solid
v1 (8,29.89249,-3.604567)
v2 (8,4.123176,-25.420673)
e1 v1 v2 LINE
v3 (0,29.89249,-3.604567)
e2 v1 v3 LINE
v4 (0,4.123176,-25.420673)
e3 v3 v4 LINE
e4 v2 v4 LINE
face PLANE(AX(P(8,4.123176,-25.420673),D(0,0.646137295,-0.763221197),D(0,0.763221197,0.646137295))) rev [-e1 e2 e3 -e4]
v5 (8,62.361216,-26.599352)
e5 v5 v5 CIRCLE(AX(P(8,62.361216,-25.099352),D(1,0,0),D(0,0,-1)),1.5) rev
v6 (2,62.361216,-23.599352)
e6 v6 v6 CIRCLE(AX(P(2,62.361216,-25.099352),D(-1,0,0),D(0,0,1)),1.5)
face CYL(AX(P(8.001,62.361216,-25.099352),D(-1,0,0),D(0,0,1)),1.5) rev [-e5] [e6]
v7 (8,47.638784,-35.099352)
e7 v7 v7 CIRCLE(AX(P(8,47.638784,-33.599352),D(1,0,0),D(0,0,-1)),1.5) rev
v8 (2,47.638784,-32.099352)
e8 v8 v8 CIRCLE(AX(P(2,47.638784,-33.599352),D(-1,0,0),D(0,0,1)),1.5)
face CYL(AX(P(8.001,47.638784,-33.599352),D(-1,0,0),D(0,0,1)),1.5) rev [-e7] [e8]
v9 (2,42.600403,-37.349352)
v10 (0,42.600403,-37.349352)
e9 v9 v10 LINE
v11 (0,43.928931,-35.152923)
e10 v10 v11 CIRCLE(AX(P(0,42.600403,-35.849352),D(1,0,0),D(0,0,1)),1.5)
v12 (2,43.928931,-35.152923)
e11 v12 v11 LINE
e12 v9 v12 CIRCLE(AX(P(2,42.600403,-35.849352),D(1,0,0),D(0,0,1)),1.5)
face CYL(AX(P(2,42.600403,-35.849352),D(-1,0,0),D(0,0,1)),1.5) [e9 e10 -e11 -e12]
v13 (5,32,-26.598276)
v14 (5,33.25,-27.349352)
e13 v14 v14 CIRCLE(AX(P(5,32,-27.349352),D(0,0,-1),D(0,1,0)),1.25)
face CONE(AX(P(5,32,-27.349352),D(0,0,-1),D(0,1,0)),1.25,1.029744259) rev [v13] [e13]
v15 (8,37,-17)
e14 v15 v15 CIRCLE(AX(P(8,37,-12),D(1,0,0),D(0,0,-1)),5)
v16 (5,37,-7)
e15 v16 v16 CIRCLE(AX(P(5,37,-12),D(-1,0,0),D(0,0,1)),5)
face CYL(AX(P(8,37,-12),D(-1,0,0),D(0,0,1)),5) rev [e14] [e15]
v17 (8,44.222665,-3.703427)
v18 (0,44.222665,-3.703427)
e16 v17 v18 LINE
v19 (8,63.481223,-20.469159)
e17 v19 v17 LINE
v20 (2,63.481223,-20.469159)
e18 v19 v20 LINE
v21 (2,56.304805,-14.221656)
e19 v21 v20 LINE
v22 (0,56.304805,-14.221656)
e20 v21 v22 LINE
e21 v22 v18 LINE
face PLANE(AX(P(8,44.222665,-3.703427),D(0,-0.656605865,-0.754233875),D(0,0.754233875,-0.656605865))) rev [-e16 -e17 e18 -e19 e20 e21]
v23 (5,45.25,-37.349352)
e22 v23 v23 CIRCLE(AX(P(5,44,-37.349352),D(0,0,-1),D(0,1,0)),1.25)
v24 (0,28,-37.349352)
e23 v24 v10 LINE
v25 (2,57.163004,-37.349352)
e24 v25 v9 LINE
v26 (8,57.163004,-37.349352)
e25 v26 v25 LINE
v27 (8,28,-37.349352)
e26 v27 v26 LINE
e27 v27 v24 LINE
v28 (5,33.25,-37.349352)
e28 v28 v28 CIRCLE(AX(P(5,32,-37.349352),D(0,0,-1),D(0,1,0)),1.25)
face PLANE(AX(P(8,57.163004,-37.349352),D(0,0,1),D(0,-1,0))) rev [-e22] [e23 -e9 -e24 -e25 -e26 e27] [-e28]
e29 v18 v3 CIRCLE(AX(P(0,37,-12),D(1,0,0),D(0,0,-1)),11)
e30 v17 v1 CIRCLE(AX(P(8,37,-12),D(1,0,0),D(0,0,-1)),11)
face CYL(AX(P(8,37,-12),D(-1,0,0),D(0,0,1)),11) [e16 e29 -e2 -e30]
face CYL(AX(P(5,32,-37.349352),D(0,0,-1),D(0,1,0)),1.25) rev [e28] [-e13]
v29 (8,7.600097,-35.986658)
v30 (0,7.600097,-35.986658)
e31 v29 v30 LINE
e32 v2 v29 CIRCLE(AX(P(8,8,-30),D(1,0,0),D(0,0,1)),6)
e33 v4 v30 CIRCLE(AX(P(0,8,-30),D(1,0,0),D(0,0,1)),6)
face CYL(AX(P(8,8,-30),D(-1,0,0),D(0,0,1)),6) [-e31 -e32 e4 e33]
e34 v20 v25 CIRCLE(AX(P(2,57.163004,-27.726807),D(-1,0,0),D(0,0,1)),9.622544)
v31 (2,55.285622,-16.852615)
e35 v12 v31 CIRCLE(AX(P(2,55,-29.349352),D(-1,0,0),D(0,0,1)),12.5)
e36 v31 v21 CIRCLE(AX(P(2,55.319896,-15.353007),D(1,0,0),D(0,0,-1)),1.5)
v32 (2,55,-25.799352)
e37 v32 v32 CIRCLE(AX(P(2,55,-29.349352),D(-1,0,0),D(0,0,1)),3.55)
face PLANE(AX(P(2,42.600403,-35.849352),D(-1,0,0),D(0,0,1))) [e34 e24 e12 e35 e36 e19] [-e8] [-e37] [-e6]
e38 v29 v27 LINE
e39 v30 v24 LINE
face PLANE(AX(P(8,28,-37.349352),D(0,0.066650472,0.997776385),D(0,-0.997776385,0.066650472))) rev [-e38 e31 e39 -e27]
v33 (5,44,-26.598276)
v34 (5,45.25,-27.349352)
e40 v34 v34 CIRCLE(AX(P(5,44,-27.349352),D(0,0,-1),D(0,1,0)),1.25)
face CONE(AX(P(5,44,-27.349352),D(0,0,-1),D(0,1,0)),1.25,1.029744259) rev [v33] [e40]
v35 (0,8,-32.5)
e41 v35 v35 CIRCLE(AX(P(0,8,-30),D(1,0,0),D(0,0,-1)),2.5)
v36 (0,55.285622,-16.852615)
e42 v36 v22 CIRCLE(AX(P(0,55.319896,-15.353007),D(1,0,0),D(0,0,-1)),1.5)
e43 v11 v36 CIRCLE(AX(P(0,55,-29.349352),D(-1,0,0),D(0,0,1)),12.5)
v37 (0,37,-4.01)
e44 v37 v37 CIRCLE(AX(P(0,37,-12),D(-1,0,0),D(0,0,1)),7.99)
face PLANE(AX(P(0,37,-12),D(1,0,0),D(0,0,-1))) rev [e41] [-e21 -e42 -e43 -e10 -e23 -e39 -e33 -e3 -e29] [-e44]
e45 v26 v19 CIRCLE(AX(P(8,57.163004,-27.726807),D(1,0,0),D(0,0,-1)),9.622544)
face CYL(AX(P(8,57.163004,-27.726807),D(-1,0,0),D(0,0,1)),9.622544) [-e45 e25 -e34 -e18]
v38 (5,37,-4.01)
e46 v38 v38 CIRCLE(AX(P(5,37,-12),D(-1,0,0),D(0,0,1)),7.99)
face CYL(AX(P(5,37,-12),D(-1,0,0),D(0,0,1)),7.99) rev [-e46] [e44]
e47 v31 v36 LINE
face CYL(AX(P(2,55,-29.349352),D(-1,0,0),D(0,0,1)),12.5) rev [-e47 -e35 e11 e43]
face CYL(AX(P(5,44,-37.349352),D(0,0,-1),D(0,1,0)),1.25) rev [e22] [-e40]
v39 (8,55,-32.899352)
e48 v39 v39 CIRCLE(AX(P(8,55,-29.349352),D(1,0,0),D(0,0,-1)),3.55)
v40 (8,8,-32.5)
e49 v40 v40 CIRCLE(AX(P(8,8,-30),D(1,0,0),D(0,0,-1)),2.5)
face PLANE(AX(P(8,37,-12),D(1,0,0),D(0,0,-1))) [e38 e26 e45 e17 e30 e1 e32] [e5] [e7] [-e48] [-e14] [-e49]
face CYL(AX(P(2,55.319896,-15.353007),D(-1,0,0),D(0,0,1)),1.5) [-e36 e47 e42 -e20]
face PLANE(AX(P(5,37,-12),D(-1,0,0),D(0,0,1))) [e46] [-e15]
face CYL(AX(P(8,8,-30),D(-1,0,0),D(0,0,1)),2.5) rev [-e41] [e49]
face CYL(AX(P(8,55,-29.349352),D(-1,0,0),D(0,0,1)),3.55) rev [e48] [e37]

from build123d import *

# Parameters (mm, degrees)
SKETCH27_R                  = 3.55
SKETCH27_R_2                = 5
SKETCH27_R_3                = 2.5
BOSS_EXTRUDE1_DEPTH         = 8
TAP_DRILL_FOR_M3_TAP2_D     = 2.5
TAP_DRILL_FOR_M3_TAP2_DEPTH = 10
TAP_DRILL_FOR_M3_TAP2_TIP   = 0.751075774
SKETCH47_R                  = 7.99
CUT_EXTRUDE8_DEPTH          = 5
CUT_EXTRUDE10_DEPTH         = 2
CUT_EXTRUDE11_REACH         = 78.755
SKETCH49_R                  = 1.5


with BuildPart() as part:
    # Sketch27 → Boss-Extrude1 (new body)
    with BuildSketch(Plane(origin=(0, 0, 0), x_dir=(0, 0, -1), z_dir=(1, 0, 0))):
        with BuildLine():
            Line((3.703427373, 44.222664512), (20.469158548, 63.481222917))
            ThreePointArc((20.469158548, 63.481222917), (31.099959488, 66.174951681), (37.349351573, 57.163003953))
            Line((37.349351573, 57.163003953), (37.349351573, 28))
            Line((37.349351573, 28), (35.98665831, 7.600097167))
            ThreePointArc((35.98665831, 7.600097167), (31.875470614, 2.300648285), (25.420672816, 4.12317623))
            Line((25.420672816, 4.12317623), (3.604566829, 29.892489756))
            ThreePointArc((3.604566829, 29.892489756), (1.000261752, 37.075884637), (3.703427373, 44.222664512))
        make_face()
        with Locations((29.349351573, 55)):
            Circle(SKETCH27_R, mode=Mode.SUBTRACT)
        with Locations((12, 37)):
            Circle(SKETCH27_R_2, mode=Mode.SUBTRACT)
        with Locations((30, 8)):
            Circle(SKETCH27_R_3, mode=Mode.SUBTRACT)
    extrude(amount=BOSS_EXTRUDE1_DEPTH)

    # Tap Drill for M3 Tap2
    with Locations(Plane(origin=(0, 0, -37.349351573), x_dir=(-1, 0, 0), z_dir=(0, 0, -1))):
        with Locations((-5, 44), (-5, 32)):
            Hole(TAP_DRILL_FOR_M3_TAP2_D / 2, depth=TAP_DRILL_FOR_M3_TAP2_DEPTH)
            with Locations((0, 0, -(TAP_DRILL_FOR_M3_TAP2_DEPTH + TAP_DRILL_FOR_M3_TAP2_TIP / 2))):  # 118° drill point
                Cone(0, TAP_DRILL_FOR_M3_TAP2_D / 2, TAP_DRILL_FOR_M3_TAP2_TIP, mode=Mode.SUBTRACT)

    # Sketch47 → Cut-Extrude8 (cut)
    with BuildSketch(Plane.ZY):
        with Locations((-12, 37)):
            Circle(SKETCH47_R)
    extrude(amount=-CUT_EXTRUDE8_DEPTH, mode=Mode.SUBTRACT)

    # Sketch48 → Cut-Extrude10 (cut)
    with BuildSketch(Plane.ZY):
        with BuildLine():
            Line((-37.349351573, 42.600403232), (-37.349351573, 72.646655563))
            Line((-37.349351573, 72.646655563), (-14.22165601, 72.646655563))
            Line((-14.22165601, 72.646655563), (-14.22165601, 56.304805064))
            ThreePointArc((-14.22165601, 56.304805064), (-15.894843611, 56.718614571), (-16.852615188, 55.285621667))
            ThreePointArc((-16.852615188, 55.285621667), (-22.758204677, 44.378946258), (-35.152923001, 43.928931457))
            ThreePointArc((-35.152923001, 43.928931457), (-36.625675327, 43.883883434), (-37.349351573, 42.600403232))
        make_face()
    extrude(amount=-CUT_EXTRUDE10_DEPTH, mode=Mode.SUBTRACT)

    # Sketch49 → Cut-Extrude11 (cut, up to next)
    with BuildSketch(Plane.ZY.offset(-2), mode=Mode.PRIVATE) as cut_extrude11_sk1:
        with Locations((-33.599351573, 47.638784068)):
            Circle(SKETCH49_R)
    cut_extrude11_tool1 = extrude(cut_extrude11_sk1.sketch, amount=-CUT_EXTRUDE11_REACH, mode=Mode.PRIVATE) & part.part
    # Sketch49 → Cut-Extrude11 (cut, up to next)
    with BuildSketch(Plane.ZY.offset(-2), mode=Mode.PRIVATE) as cut_extrude11_sk2:
        with Locations((-25.099351573, 62.361215932)):
            Circle(SKETCH49_R)
    cut_extrude11_tool2 = extrude(cut_extrude11_sk2.sketch, amount=-CUT_EXTRUDE11_REACH, mode=Mode.PRIVATE) & part.part
    add(cut_extrude11_tool1.solids().sort_by_distance((2, 47.638784, -33.599352))[0], mode=Mode.SUBTRACT)
    add(cut_extrude11_tool2.solids().sort_by_distance((2, 62.361216, -25.099352))[0], mode=Mode.SUBTRACT)


solid = part.part
